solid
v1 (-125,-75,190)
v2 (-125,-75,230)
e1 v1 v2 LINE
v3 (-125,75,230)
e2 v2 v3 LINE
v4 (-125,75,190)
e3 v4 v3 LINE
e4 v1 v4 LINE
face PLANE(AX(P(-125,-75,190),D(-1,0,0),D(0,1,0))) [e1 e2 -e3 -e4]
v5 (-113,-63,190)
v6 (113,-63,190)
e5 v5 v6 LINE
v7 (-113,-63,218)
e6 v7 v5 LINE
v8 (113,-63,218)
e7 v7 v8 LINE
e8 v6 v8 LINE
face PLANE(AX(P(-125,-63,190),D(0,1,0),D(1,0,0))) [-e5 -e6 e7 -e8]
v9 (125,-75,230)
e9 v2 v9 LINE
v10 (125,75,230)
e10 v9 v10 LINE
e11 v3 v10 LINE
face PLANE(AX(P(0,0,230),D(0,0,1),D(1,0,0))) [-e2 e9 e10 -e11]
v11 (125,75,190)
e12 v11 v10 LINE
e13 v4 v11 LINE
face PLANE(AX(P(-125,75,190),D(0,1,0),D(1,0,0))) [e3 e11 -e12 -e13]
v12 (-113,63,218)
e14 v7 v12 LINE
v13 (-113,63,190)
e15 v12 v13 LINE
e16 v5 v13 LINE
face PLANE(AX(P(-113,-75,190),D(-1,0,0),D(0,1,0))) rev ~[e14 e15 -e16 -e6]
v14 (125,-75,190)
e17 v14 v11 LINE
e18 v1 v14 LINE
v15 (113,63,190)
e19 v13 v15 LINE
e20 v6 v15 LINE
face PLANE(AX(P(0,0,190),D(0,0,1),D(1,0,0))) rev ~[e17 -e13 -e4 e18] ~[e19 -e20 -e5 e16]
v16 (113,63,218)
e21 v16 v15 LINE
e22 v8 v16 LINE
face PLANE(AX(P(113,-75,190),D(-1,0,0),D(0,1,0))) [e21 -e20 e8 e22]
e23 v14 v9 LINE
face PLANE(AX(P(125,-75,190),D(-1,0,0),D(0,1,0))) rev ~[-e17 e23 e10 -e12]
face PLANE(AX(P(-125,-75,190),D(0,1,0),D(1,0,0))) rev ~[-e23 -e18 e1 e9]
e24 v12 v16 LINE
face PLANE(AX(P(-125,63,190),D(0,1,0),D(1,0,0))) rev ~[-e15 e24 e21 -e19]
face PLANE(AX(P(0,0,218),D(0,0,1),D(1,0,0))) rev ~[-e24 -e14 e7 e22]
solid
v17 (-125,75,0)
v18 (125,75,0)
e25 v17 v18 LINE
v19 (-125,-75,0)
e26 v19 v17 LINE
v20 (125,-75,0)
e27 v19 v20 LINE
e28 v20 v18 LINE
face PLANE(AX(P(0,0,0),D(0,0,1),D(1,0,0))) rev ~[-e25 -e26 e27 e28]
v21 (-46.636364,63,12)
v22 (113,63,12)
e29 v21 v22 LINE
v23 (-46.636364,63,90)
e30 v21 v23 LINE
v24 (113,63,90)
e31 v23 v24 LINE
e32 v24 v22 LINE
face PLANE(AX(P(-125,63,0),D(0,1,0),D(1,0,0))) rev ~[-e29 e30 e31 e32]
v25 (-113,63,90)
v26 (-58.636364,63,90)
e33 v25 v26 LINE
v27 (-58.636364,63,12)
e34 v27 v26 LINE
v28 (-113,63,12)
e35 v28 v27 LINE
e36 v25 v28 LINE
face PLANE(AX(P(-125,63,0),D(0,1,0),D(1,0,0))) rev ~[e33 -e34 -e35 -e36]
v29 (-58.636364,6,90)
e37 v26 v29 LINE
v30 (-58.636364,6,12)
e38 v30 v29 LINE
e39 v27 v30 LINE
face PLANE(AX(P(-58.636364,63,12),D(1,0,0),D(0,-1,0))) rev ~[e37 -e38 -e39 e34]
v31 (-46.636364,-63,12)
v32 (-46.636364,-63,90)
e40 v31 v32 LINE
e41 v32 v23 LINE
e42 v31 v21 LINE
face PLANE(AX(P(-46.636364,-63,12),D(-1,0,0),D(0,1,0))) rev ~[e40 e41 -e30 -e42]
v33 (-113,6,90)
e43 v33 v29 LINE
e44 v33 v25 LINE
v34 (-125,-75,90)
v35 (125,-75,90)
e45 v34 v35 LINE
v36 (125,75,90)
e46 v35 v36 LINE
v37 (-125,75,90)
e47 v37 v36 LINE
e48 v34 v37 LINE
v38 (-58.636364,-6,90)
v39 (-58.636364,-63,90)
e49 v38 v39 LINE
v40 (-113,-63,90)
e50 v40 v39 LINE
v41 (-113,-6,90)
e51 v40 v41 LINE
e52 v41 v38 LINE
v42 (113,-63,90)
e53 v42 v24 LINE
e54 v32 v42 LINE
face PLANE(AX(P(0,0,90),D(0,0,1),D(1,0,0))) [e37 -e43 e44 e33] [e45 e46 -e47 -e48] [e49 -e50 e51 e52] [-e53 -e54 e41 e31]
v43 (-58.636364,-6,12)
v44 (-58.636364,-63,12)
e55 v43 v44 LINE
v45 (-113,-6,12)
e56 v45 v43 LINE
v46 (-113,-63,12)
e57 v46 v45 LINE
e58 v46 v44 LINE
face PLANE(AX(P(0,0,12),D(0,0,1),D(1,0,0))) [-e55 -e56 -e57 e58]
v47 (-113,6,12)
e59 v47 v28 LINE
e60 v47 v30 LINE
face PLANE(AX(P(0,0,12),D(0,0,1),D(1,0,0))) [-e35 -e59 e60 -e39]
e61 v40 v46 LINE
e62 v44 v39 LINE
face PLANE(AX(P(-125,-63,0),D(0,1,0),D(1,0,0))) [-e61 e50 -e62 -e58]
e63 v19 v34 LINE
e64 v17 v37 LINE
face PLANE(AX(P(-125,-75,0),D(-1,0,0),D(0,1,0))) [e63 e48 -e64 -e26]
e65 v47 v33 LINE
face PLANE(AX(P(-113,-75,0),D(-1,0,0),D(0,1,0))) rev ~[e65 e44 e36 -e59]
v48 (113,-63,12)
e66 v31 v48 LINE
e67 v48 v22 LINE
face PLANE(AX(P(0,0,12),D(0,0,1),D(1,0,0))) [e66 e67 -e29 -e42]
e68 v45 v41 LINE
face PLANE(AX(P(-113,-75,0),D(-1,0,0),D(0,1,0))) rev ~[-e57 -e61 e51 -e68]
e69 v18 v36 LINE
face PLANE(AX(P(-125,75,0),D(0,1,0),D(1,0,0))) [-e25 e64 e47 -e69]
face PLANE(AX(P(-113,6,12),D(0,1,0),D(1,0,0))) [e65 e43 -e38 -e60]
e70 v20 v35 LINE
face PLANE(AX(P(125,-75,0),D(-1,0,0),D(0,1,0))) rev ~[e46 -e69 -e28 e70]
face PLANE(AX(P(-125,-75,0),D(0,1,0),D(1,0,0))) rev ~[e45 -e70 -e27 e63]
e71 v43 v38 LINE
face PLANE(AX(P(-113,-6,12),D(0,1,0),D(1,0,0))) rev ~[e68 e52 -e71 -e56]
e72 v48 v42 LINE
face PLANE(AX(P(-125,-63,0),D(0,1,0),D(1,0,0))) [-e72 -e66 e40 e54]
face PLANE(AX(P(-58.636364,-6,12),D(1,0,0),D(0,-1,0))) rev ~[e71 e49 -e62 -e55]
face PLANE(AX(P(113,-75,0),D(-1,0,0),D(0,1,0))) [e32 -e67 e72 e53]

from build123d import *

# Parameters (mm, degrees)
F0_W     = 250
F0_H     = 150
F1_DEPTH = 90
F2_T     = -12
F3_W     = 54.3636363636
F3_H     = 12
F3_W_2   = 5.5963844467
F4_DEPTH = 78
F6_W     = 250
F6_H     = 150
F7_DEPTH = 40
F8_T     = -12


with BuildPart() as f1:
    # F0 (on Top) → F1 (new body)
    with BuildSketch(Plane.XY):
        Rectangle(F0_W, F0_H)
    extrude(amount=F1_DEPTH)

    # F2
    f2_openings = [f1.faces().sort_by_distance(p)[0] for p in [
        (0, 0, 90),
    ]]
    offset(amount=F2_T, openings=f2_openings)

    # F3 (on face) → F4 (join)
    with BuildSketch(Plane.XY.offset(12)):
        with Locations((-85.8181818182, 0)):
            Rectangle(F3_W, F3_H)
        Polygon((-46.6363636364, -63), (-46.6363636364, 63), (-58.6363636364, 63), (-58.6363636364, 6), (-53.0399791896, 6), (-53.0399791896, -6), (-58.6363636364, -6), (-58.6363636364, -63), align=None)
        with Locations((-55.838171413, 0)):
            Rectangle(F3_W_2, F3_H)
    extrude(amount=F4_DEPTH)


with BuildPart() as f7:
    # F6 (on offset) → F7 (new body)
    with BuildSketch(Plane.XY.offset(190)):
        Rectangle(F6_W, F6_H)
    extrude(amount=F7_DEPTH)

    # F8
    f8_openings = [f7.faces().sort_by_distance(p)[0] for p in [
        (0, 0, 190),
    ]]
    offset(amount=F8_T, openings=f8_openings)


solid = Compound([f1.part, f7.part])
